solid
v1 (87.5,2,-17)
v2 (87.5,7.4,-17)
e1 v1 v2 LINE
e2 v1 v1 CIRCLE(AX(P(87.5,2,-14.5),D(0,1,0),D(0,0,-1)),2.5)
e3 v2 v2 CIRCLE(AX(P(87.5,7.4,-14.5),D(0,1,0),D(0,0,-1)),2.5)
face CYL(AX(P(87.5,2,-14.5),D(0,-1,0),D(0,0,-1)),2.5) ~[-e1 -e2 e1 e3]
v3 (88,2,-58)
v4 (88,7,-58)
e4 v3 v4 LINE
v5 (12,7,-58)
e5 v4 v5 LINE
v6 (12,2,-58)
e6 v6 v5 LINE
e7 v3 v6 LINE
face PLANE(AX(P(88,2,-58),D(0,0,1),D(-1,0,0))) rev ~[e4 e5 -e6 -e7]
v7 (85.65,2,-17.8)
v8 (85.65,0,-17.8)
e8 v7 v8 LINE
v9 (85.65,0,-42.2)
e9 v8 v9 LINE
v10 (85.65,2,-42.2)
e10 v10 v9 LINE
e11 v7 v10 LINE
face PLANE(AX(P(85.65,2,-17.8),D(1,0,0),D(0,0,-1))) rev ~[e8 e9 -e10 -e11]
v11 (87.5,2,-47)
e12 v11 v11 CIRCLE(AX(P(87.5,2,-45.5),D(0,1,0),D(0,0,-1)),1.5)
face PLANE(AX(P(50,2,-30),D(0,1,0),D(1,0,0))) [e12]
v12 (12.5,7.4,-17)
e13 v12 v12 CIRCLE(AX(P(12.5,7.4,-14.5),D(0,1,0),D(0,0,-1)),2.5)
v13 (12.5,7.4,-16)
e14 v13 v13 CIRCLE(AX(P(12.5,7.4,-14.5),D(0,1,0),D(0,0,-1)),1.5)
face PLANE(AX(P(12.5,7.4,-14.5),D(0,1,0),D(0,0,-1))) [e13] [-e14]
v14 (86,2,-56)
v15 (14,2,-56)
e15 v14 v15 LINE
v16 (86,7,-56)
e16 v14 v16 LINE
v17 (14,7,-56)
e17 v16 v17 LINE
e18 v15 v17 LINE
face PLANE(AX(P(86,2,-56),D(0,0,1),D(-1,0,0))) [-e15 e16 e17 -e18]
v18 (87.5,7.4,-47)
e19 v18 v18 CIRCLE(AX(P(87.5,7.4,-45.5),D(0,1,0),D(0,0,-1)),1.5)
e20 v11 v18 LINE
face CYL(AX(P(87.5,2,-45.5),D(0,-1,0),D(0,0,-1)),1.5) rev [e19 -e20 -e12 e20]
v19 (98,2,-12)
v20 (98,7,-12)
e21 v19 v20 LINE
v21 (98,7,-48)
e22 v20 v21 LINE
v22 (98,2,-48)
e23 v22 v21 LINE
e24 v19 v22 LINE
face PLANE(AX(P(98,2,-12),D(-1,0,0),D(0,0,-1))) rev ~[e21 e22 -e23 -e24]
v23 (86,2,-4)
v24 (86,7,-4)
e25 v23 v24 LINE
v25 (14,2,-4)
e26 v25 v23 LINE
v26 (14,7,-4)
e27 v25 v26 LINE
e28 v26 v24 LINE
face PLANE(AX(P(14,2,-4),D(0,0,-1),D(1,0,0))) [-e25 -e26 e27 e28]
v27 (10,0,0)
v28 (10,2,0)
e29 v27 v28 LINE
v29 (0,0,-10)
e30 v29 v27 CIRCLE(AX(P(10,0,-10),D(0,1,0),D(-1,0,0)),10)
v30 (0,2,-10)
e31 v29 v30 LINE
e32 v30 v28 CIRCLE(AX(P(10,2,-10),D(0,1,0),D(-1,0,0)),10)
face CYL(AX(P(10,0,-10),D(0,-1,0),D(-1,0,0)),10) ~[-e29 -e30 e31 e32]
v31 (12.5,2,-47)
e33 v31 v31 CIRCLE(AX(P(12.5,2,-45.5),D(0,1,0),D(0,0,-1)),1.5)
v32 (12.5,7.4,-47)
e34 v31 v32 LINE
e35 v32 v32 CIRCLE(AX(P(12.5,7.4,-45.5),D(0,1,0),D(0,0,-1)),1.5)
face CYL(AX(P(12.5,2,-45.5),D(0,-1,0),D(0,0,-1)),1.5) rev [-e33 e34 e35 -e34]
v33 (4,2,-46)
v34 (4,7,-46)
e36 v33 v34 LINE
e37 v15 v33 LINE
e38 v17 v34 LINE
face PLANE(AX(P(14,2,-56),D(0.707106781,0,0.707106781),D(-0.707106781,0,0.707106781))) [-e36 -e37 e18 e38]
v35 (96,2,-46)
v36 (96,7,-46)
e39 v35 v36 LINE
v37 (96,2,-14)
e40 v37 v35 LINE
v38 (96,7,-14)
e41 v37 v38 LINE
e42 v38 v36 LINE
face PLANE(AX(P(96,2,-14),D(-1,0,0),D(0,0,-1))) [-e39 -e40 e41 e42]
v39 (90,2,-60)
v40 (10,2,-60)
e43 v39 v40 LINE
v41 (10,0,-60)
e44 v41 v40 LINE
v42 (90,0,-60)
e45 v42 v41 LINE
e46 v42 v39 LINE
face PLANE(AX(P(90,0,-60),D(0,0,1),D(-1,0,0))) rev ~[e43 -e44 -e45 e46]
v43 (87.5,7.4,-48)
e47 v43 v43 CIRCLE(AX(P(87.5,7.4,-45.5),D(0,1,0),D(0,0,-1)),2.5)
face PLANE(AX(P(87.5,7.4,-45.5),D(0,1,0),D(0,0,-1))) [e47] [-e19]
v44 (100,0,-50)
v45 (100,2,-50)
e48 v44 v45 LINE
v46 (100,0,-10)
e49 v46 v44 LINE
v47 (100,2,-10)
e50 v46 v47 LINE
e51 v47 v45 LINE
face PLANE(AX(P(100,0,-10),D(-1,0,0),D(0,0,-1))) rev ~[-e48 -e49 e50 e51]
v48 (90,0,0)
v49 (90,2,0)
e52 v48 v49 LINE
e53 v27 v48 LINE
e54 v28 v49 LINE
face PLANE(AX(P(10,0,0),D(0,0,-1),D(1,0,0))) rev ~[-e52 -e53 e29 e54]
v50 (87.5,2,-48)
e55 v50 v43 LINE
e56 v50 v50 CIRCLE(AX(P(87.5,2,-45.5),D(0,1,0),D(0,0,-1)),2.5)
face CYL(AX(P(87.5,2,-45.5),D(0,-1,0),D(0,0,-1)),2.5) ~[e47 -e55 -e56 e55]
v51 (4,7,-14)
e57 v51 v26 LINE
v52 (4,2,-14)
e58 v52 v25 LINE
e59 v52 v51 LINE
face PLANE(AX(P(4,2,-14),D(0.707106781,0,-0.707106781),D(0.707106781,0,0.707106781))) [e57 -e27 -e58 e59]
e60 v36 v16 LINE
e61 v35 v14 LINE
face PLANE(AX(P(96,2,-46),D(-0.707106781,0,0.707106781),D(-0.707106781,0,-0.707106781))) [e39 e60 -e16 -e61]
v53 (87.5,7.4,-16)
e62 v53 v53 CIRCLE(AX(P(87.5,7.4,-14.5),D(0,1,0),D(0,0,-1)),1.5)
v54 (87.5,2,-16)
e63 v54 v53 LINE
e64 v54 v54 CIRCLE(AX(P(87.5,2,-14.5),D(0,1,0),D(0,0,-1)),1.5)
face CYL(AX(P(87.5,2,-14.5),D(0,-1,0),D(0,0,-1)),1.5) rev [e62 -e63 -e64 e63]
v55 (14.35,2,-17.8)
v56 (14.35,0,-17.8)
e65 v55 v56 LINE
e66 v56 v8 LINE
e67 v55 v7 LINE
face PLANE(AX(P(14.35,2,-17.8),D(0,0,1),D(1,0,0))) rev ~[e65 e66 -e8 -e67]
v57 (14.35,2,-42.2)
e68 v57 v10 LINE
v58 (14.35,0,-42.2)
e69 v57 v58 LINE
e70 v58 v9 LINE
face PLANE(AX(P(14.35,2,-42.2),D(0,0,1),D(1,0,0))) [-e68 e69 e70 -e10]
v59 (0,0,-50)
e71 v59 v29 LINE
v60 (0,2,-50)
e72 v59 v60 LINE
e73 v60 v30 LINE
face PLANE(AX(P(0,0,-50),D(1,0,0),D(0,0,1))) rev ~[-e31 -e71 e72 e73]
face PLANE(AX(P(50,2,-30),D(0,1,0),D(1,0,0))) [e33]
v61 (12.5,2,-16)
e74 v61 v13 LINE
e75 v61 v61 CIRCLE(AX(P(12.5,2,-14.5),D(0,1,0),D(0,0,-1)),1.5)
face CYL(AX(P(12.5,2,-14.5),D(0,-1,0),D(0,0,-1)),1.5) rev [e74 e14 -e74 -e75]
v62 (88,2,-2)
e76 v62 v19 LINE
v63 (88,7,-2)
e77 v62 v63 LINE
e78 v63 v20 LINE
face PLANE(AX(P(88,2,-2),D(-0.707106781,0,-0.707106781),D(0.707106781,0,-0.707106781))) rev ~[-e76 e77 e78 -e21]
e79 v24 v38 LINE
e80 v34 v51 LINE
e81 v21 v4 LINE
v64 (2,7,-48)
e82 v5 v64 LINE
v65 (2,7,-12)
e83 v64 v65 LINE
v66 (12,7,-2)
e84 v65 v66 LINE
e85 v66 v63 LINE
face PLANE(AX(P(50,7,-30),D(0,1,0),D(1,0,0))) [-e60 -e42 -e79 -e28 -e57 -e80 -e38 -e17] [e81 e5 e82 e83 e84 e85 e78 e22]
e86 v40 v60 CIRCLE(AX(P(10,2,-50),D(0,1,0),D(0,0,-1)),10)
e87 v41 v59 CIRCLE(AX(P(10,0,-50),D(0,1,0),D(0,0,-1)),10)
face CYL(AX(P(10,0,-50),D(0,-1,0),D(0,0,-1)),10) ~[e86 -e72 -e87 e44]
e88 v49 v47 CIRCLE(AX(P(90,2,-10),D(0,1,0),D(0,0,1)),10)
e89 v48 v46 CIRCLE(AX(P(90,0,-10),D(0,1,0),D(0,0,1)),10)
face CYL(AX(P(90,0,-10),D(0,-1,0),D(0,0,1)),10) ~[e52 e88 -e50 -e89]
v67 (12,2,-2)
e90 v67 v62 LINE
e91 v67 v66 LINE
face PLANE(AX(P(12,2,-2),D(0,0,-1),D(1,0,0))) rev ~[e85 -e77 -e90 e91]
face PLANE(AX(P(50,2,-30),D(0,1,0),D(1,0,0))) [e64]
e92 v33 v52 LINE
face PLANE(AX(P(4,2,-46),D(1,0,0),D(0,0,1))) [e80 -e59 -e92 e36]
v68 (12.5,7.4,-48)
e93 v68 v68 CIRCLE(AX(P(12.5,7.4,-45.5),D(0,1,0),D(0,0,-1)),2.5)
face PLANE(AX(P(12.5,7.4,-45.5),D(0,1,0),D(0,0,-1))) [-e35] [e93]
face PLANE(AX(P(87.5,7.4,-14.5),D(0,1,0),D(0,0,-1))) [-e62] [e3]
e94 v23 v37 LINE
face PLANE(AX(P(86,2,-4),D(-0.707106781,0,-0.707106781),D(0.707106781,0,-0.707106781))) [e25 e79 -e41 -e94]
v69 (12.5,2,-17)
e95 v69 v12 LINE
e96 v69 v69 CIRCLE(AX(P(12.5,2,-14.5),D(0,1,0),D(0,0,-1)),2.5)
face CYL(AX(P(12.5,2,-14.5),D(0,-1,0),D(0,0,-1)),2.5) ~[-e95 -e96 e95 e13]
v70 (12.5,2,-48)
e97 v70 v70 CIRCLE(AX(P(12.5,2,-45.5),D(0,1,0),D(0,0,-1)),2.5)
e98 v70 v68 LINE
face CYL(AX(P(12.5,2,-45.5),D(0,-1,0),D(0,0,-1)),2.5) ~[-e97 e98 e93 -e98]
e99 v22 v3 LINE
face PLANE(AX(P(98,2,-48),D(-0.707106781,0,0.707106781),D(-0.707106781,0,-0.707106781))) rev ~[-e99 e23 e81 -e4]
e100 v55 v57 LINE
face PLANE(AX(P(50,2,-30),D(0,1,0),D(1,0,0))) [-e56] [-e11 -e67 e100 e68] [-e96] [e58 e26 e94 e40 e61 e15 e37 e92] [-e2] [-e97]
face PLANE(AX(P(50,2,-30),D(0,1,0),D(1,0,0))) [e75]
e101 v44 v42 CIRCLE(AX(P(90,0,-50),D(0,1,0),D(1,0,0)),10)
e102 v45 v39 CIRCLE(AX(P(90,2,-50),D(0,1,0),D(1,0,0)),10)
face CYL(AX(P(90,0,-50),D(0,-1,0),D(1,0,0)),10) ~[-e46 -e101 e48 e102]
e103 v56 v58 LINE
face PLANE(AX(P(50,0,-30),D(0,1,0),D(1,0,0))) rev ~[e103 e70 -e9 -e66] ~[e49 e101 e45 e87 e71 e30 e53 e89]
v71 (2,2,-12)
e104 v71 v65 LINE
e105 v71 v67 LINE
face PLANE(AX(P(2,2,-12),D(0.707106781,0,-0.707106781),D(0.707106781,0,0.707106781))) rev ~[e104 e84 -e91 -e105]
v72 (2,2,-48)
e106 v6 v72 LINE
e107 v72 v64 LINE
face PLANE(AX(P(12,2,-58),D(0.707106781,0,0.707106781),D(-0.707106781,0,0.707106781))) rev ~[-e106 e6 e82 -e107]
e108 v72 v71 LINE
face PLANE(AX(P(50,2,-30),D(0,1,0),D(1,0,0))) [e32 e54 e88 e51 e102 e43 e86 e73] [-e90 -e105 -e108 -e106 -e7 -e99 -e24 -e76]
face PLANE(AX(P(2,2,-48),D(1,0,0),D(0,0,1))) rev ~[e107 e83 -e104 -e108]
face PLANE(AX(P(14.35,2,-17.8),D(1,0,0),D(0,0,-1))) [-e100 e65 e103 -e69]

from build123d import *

# Parameters (mm, degrees)
Y_KSEKLIK_EKSTR_ZYON1_DEPTH = 2
Y_KSEKLIK_EKSTR_ZYON2_DEPTH = 5
IZIM3_W                     = 71.3
IZIM3_H                     = 24.4
KES_EKSTR_ZYON1_DEPTH       = 5
IZIM4_R                     = 2.5
IZIM4_R_2                   = 1.5
Y_KSEKLIK_EKSTR_ZYON3_DEPTH = 5.4


with BuildPart() as part:
    # Çizim1 → Yükseklik-Ekstrüzyon1 (new body)
    with BuildSketch(Plane(origin=(0, 0, 0), x_dir=(1, 0, 0), z_dir=(0, 1, 0))):
        with BuildLine():
            Line((10, 0), (90, 0))
            ThreePointArc((90, 0), (97.071067812, 2.928932188), (100, 10))
            Line((100, 10), (100, 50))
            ThreePointArc((100, 50), (97.071067812, 57.071067812), (90, 60))
            Line((90, 60), (10, 60))
            ThreePointArc((10, 60), (2.928932188, 57.071067812), (0, 50))
            Line((0, 50), (0, 10))
            ThreePointArc((0, 10), (2.928932188, 2.928932188), (10, 0))
        make_face()
    extrude(amount=Y_KSEKLIK_EKSTR_ZYON1_DEPTH)

    # Çizim2 → Yükseklik-Ekstrüzyon2 (add)
    with BuildSketch(Plane(origin=(0, 2, 0), x_dir=(1, 0, 0), z_dir=(0, 1, 0))):
        Polygon((12, 2), (88, 2), (98, 12), (98, 48), (88, 58), (12, 58), (2, 48), (2, 12), align=None)
        Polygon((4, 46), (4, 14), (14, 4), (86, 4), (96, 14), (96, 46), (86, 56), (14, 56), align=None, mode=Mode.SUBTRACT)
    extrude(amount=Y_KSEKLIK_EKSTR_ZYON2_DEPTH)

    # Çizim3 → Kes-Ekstrüzyon1 (cut)
    with BuildSketch(Plane(origin=(0, 2, 0), x_dir=(1, 0, 0), z_dir=(0, 1, 0))):
        with Locations((50, 30)):
            Rectangle(IZIM3_W, IZIM3_H)
    extrude(amount=-KES_EKSTR_ZYON1_DEPTH, mode=Mode.SUBTRACT)

    # Çizim4 → Yükseklik-Ekstrüzyon3 (add)
    # profile 1 of 4: a face of its own
    with BuildSketch(Plane(origin=(0, 2, 0), x_dir=(1, 0, 0), z_dir=(0, 1, 0))):
        with Locations(Location((12.5, 45.5, 0), (0, 0, 90))):
            Circle(IZIM4_R)
        with Locations(Location((12.5, 45.5, 0), (0, 0, 90))):
            Circle(IZIM4_R_2, mode=Mode.SUBTRACT)
    # profile 2 of 4: a face of its own
    with BuildSketch(Plane(origin=(0, 2, 0), x_dir=(1, 0, 0), z_dir=(0, 1, 0))):
        with Locations(Location((87.5, 45.5, 0), (0, 0, 90))):
            Circle(IZIM4_R)
        with Locations(Location((87.5, 45.5, 0), (0, 0, 90))):
            Circle(IZIM4_R_2, mode=Mode.SUBTRACT)
    # profile 3 of 4: a face of its own
    with BuildSketch(Plane(origin=(0, 2, 0), x_dir=(1, 0, 0), z_dir=(0, 1, 0))):
        with Locations(Location((87.5, 14.5, 0), (0, 0, 90))):
            Circle(IZIM4_R)
        with Locations(Location((87.5, 14.5, 0), (0, 0, 90))):
            Circle(IZIM4_R_2, mode=Mode.SUBTRACT)
    # profile 4 of 4: a face of its own
    with BuildSketch(Plane(origin=(0, 2, 0), x_dir=(1, 0, 0), z_dir=(0, 1, 0))):
        with Locations(Location((12.5, 14.5, 0), (0, 0, 90))):
            Circle(IZIM4_R)
        with Locations(Location((12.5, 14.5, 0), (0, 0, 90))):
            Circle(IZIM4_R_2, mode=Mode.SUBTRACT)
    extrude(amount=Y_KSEKLIK_EKSTR_ZYON3_DEPTH)


solid = part.part
